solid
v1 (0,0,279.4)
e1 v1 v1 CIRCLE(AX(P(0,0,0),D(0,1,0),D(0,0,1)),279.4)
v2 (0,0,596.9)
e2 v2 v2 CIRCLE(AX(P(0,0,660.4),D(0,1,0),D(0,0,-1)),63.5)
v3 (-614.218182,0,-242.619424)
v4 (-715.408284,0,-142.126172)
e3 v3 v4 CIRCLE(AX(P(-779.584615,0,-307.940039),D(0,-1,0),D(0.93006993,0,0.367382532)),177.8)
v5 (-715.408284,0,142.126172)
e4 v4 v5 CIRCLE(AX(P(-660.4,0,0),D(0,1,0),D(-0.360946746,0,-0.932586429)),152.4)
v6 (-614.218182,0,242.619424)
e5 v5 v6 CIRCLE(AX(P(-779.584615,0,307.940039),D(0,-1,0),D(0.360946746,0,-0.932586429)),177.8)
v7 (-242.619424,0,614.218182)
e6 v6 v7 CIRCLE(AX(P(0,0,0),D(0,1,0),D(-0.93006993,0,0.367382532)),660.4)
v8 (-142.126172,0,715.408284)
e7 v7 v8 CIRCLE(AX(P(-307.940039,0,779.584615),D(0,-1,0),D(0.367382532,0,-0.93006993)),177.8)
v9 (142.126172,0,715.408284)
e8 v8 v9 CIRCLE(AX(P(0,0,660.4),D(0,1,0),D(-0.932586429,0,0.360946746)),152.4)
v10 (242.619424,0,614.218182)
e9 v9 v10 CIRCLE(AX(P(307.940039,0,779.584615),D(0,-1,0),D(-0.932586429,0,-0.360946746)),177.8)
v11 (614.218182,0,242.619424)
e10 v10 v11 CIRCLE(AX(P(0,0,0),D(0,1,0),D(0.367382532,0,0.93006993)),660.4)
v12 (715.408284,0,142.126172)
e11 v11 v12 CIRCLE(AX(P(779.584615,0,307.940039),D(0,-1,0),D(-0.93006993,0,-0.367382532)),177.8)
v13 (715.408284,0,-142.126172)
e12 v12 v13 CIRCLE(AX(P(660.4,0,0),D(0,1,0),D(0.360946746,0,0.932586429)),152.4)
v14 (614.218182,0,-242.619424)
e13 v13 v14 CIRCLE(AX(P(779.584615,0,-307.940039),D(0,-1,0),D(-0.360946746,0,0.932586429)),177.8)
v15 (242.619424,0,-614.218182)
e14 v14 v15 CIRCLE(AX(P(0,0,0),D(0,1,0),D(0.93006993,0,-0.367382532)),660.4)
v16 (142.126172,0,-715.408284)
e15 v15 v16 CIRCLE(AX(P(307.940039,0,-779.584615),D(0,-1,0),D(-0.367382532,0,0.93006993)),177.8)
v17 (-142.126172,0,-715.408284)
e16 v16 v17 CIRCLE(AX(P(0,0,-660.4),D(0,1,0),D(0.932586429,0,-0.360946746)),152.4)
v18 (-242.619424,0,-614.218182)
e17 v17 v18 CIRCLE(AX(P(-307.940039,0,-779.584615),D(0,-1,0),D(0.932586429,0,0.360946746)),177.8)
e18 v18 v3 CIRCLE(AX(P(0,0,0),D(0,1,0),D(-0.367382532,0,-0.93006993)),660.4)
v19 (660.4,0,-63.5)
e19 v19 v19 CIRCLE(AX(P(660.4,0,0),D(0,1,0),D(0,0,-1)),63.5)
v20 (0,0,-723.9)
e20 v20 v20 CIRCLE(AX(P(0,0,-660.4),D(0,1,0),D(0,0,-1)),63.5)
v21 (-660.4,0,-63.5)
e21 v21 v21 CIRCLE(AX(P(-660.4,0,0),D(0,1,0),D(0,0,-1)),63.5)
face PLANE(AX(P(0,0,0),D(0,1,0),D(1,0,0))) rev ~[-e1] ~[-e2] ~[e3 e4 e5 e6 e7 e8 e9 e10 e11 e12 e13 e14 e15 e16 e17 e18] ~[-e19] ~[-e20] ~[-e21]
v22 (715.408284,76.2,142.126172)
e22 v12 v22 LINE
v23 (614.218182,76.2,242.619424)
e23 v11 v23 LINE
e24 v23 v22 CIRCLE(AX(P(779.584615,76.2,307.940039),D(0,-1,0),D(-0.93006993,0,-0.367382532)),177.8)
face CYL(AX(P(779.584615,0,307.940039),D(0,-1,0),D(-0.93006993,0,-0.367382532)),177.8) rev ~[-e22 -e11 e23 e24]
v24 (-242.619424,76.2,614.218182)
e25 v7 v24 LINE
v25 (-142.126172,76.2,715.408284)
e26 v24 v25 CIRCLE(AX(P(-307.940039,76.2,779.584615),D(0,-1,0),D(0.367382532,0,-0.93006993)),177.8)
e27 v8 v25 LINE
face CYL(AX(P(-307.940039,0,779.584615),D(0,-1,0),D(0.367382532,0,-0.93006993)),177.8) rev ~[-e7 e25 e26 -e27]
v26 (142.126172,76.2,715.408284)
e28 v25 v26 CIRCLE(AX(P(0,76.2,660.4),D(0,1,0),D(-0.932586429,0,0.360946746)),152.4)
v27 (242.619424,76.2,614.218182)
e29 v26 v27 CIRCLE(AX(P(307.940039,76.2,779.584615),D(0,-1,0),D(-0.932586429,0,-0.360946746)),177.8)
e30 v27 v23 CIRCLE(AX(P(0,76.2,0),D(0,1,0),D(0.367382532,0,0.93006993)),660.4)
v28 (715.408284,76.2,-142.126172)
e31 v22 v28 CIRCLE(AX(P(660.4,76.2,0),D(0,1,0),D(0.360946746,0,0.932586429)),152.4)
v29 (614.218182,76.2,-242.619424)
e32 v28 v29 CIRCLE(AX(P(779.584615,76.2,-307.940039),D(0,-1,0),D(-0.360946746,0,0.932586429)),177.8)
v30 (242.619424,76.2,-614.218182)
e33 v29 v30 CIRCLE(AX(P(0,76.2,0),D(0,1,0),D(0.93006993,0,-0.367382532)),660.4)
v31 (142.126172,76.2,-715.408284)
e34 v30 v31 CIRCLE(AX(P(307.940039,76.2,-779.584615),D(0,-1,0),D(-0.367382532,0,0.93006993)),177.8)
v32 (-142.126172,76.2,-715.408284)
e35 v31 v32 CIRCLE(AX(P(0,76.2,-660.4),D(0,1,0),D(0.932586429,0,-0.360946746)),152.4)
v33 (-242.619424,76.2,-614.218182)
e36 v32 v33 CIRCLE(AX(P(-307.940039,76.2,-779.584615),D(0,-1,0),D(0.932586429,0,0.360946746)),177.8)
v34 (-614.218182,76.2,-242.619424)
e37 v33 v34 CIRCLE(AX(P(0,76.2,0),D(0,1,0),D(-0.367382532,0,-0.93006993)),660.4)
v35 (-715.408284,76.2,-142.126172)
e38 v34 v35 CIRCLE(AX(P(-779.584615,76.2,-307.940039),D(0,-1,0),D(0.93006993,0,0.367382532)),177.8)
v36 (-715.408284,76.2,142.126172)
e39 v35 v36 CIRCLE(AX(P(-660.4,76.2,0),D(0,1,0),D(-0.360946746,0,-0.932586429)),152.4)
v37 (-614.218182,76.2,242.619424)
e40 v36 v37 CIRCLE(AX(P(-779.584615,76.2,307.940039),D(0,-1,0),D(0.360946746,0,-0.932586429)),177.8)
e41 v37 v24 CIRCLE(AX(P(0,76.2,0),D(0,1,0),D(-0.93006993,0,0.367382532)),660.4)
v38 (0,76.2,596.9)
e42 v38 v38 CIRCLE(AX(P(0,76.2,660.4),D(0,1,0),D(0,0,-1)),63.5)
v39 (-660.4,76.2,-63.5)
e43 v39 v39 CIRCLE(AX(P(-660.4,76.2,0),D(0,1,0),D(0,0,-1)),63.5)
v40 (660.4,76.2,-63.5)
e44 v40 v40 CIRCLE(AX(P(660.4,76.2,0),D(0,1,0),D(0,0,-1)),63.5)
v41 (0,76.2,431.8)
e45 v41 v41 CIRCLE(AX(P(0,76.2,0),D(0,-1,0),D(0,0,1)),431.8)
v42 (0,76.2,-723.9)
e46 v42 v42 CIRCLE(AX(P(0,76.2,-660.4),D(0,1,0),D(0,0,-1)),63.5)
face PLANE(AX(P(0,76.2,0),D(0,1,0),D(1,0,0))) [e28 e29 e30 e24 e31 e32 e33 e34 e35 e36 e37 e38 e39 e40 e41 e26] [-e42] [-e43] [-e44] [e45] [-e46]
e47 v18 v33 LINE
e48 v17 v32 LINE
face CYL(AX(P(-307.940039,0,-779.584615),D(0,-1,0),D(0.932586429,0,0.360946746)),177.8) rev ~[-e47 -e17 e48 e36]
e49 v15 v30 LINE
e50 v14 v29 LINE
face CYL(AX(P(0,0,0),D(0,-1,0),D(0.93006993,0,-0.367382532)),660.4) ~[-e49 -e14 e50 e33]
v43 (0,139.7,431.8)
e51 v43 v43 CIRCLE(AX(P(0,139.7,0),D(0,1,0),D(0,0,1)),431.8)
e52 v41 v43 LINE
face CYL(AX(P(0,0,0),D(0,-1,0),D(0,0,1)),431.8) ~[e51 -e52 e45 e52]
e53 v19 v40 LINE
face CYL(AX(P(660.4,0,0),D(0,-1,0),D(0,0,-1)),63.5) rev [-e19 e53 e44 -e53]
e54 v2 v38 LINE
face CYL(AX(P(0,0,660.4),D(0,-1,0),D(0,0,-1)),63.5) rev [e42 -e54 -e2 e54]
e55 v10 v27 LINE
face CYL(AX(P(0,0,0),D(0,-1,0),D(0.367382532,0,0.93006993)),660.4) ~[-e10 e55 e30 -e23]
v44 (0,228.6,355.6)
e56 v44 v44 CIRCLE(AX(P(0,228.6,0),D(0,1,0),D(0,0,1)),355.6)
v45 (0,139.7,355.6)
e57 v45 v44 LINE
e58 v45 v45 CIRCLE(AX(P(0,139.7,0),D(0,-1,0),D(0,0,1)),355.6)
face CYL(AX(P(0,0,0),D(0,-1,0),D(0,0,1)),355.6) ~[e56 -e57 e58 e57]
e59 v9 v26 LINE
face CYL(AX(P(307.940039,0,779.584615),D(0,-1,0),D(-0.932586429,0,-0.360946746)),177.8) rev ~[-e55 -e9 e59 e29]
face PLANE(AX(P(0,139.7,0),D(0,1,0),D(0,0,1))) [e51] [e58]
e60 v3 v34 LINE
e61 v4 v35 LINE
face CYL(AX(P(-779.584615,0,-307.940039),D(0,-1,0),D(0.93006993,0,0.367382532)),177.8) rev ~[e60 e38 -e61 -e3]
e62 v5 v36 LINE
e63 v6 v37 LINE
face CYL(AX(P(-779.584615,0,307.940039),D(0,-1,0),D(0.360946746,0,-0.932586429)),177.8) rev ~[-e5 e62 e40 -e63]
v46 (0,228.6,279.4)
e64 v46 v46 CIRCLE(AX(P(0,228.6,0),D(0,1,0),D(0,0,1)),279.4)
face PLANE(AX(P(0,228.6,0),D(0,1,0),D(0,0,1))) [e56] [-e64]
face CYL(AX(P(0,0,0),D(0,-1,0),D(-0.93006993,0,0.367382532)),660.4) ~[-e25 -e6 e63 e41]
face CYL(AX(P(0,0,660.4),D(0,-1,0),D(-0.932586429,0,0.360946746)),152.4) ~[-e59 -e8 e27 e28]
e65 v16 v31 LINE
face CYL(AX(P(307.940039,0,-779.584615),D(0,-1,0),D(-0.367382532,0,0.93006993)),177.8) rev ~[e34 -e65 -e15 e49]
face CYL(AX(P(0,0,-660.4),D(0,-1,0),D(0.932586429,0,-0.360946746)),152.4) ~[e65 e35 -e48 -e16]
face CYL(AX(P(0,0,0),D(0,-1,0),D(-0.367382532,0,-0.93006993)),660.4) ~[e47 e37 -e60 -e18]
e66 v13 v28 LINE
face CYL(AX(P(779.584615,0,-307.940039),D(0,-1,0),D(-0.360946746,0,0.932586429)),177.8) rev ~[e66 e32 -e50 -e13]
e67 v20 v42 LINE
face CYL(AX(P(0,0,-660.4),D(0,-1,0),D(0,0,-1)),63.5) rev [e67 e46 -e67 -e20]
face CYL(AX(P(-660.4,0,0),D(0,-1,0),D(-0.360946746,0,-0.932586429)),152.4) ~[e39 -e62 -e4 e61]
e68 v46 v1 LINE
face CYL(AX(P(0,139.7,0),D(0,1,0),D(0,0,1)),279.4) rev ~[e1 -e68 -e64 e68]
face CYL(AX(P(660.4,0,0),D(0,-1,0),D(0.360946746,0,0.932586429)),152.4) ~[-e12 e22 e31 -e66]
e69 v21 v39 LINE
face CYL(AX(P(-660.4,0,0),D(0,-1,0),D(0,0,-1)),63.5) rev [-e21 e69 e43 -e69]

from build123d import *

# Parameters (mm, degrees)
SKETCH1_R           = 355.6
SKETCH1_R_2         = 279.4
BOSS_EXTRUDE2_DEPTH = 228.6
SKETCH2_R           = 431.8
BOSS_EXTRUDE3_DEPTH = 139.7
SKETCH3_R           = 63.5
BOSS_EXTRUDE4_DEPTH = 76.2
CUT_EXTRUDE1_REACH  = 1159.931
SKETCH4_R           = 279.4


with BuildPart() as part:
    # Sketch1 → Boss-Extrude2 (new body)
    with BuildSketch(Plane(origin=(0, 0, 0), x_dir=(1, 0, 0), z_dir=(0, 1, 0))):
        with Locations(Location((0, 0, 0), (0, 0, 270))):
            Circle(SKETCH1_R)
        with Locations(Location((0, 0, 0), (0, 0, 270))):
            Circle(SKETCH1_R_2, mode=Mode.SUBTRACT)
    extrude(amount=BOSS_EXTRUDE2_DEPTH)

    # Sketch2 → Boss-Extrude3 (add)
    with BuildSketch(Plane(origin=(0, 0, 0), x_dir=(1, 0, 0), z_dir=(0, 1, 0))):
        with Locations(Location((0, 0, 0), (0, 0, 270))):
            Circle(SKETCH2_R)
    extrude(amount=BOSS_EXTRUDE3_DEPTH)

    # Sketch3 → Boss-Extrude4 (add)
    with BuildSketch(Plane(origin=(0, 0, 0), x_dir=(1, 0, 0), z_dir=(0, 1, 0))):
        with BuildLine():
            ThreePointArc((-142.126171723, -715.408284024), (0, -812.8), (142.126171723, -715.408284024))
            ThreePointArc((142.126171723, -715.408284024), (181.782810221, -654.296173404), (242.619424457, -614.218181818))
            ThreePointArc((242.619424457, -614.218181818), (466.973318296, -466.973318296), (614.218181818, -242.619424457))
            ThreePointArc((614.218181818, -242.619424457), (654.296173404, -181.782810221), (715.408284024, -142.126171723))
            ThreePointArc((715.408284024, -142.126171723), (812.8, 0), (715.408284024, 142.126171723))
            ThreePointArc((715.408284024, 142.126171723), (654.296173404, 181.782810221), (614.218181818, 242.619424457))
            ThreePointArc((614.218181818, 242.619424457), (466.973318296, 466.973318296), (242.619424457, 614.218181818))
            ThreePointArc((242.619424457, 614.218181818), (181.782810221, 654.296173404), (142.126171723, 715.408284024))
            ThreePointArc((142.126171723, 715.408284024), (0, 812.8), (-142.126171723, 715.408284024))
            ThreePointArc((-142.126171723, 715.408284024), (-181.782810221, 654.296173404), (-242.619424457, 614.218181818))
            ThreePointArc((-242.619424457, 614.218181818), (-466.973318296, 466.973318296), (-614.218181818, 242.619424457))
            ThreePointArc((-614.218181818, 242.619424457), (-654.296173404, 181.782810221), (-715.408284024, 142.126171723))
            ThreePointArc((-715.408284024, 142.126171723), (-812.8, 0), (-715.408284024, -142.126171723))
            ThreePointArc((-715.408284024, -142.126171723), (-654.296173404, -181.782810221), (-614.218181818, -242.619424457))
            ThreePointArc((-614.218181818, -242.619424457), (-466.973318296, -466.973318296), (-242.619424457, -614.218181818))
            ThreePointArc((-242.619424457, -614.218181818), (-181.782810221, -654.296173404), (-142.126171723, -715.408284024))
        make_face()
        with Locations(Location((0, 660.4, 0), (0, 0, 90))):
            Circle(SKETCH3_R, mode=Mode.SUBTRACT)
        with Locations(Location((660.4, 0, 0), (0, 0, 90))):
            Circle(SKETCH3_R, mode=Mode.SUBTRACT)
        with Locations(Location((0, -660.4, 0), (0, 0, 90))):
            Circle(SKETCH3_R, mode=Mode.SUBTRACT)
        with Locations(Location((-660.4, 0, 0), (0, 0, 90))):
            Circle(SKETCH3_R, mode=Mode.SUBTRACT)
    extrude(amount=BOSS_EXTRUDE4_DEPTH)

    # Sketch4 → Cut-Extrude1 (cut, up to next)
    with BuildSketch(Plane(origin=(0, 139.7, 0), x_dir=(1, 0, 0), z_dir=(0, 1, 0)), mode=Mode.PRIVATE) as cut_extrude1_sk1:
        with Locations(Location((0, 0, 0), (0, 0, 270))):
            Circle(SKETCH4_R)
    cut_extrude1_tool1 = extrude(cut_extrude1_sk1.sketch, amount=-CUT_EXTRUDE1_REACH, mode=Mode.PRIVATE) & part.part
    add(cut_extrude1_tool1.solids().sort_by_distance((0, 139.7, 0))[0], mode=Mode.SUBTRACT)


solid = part.part
